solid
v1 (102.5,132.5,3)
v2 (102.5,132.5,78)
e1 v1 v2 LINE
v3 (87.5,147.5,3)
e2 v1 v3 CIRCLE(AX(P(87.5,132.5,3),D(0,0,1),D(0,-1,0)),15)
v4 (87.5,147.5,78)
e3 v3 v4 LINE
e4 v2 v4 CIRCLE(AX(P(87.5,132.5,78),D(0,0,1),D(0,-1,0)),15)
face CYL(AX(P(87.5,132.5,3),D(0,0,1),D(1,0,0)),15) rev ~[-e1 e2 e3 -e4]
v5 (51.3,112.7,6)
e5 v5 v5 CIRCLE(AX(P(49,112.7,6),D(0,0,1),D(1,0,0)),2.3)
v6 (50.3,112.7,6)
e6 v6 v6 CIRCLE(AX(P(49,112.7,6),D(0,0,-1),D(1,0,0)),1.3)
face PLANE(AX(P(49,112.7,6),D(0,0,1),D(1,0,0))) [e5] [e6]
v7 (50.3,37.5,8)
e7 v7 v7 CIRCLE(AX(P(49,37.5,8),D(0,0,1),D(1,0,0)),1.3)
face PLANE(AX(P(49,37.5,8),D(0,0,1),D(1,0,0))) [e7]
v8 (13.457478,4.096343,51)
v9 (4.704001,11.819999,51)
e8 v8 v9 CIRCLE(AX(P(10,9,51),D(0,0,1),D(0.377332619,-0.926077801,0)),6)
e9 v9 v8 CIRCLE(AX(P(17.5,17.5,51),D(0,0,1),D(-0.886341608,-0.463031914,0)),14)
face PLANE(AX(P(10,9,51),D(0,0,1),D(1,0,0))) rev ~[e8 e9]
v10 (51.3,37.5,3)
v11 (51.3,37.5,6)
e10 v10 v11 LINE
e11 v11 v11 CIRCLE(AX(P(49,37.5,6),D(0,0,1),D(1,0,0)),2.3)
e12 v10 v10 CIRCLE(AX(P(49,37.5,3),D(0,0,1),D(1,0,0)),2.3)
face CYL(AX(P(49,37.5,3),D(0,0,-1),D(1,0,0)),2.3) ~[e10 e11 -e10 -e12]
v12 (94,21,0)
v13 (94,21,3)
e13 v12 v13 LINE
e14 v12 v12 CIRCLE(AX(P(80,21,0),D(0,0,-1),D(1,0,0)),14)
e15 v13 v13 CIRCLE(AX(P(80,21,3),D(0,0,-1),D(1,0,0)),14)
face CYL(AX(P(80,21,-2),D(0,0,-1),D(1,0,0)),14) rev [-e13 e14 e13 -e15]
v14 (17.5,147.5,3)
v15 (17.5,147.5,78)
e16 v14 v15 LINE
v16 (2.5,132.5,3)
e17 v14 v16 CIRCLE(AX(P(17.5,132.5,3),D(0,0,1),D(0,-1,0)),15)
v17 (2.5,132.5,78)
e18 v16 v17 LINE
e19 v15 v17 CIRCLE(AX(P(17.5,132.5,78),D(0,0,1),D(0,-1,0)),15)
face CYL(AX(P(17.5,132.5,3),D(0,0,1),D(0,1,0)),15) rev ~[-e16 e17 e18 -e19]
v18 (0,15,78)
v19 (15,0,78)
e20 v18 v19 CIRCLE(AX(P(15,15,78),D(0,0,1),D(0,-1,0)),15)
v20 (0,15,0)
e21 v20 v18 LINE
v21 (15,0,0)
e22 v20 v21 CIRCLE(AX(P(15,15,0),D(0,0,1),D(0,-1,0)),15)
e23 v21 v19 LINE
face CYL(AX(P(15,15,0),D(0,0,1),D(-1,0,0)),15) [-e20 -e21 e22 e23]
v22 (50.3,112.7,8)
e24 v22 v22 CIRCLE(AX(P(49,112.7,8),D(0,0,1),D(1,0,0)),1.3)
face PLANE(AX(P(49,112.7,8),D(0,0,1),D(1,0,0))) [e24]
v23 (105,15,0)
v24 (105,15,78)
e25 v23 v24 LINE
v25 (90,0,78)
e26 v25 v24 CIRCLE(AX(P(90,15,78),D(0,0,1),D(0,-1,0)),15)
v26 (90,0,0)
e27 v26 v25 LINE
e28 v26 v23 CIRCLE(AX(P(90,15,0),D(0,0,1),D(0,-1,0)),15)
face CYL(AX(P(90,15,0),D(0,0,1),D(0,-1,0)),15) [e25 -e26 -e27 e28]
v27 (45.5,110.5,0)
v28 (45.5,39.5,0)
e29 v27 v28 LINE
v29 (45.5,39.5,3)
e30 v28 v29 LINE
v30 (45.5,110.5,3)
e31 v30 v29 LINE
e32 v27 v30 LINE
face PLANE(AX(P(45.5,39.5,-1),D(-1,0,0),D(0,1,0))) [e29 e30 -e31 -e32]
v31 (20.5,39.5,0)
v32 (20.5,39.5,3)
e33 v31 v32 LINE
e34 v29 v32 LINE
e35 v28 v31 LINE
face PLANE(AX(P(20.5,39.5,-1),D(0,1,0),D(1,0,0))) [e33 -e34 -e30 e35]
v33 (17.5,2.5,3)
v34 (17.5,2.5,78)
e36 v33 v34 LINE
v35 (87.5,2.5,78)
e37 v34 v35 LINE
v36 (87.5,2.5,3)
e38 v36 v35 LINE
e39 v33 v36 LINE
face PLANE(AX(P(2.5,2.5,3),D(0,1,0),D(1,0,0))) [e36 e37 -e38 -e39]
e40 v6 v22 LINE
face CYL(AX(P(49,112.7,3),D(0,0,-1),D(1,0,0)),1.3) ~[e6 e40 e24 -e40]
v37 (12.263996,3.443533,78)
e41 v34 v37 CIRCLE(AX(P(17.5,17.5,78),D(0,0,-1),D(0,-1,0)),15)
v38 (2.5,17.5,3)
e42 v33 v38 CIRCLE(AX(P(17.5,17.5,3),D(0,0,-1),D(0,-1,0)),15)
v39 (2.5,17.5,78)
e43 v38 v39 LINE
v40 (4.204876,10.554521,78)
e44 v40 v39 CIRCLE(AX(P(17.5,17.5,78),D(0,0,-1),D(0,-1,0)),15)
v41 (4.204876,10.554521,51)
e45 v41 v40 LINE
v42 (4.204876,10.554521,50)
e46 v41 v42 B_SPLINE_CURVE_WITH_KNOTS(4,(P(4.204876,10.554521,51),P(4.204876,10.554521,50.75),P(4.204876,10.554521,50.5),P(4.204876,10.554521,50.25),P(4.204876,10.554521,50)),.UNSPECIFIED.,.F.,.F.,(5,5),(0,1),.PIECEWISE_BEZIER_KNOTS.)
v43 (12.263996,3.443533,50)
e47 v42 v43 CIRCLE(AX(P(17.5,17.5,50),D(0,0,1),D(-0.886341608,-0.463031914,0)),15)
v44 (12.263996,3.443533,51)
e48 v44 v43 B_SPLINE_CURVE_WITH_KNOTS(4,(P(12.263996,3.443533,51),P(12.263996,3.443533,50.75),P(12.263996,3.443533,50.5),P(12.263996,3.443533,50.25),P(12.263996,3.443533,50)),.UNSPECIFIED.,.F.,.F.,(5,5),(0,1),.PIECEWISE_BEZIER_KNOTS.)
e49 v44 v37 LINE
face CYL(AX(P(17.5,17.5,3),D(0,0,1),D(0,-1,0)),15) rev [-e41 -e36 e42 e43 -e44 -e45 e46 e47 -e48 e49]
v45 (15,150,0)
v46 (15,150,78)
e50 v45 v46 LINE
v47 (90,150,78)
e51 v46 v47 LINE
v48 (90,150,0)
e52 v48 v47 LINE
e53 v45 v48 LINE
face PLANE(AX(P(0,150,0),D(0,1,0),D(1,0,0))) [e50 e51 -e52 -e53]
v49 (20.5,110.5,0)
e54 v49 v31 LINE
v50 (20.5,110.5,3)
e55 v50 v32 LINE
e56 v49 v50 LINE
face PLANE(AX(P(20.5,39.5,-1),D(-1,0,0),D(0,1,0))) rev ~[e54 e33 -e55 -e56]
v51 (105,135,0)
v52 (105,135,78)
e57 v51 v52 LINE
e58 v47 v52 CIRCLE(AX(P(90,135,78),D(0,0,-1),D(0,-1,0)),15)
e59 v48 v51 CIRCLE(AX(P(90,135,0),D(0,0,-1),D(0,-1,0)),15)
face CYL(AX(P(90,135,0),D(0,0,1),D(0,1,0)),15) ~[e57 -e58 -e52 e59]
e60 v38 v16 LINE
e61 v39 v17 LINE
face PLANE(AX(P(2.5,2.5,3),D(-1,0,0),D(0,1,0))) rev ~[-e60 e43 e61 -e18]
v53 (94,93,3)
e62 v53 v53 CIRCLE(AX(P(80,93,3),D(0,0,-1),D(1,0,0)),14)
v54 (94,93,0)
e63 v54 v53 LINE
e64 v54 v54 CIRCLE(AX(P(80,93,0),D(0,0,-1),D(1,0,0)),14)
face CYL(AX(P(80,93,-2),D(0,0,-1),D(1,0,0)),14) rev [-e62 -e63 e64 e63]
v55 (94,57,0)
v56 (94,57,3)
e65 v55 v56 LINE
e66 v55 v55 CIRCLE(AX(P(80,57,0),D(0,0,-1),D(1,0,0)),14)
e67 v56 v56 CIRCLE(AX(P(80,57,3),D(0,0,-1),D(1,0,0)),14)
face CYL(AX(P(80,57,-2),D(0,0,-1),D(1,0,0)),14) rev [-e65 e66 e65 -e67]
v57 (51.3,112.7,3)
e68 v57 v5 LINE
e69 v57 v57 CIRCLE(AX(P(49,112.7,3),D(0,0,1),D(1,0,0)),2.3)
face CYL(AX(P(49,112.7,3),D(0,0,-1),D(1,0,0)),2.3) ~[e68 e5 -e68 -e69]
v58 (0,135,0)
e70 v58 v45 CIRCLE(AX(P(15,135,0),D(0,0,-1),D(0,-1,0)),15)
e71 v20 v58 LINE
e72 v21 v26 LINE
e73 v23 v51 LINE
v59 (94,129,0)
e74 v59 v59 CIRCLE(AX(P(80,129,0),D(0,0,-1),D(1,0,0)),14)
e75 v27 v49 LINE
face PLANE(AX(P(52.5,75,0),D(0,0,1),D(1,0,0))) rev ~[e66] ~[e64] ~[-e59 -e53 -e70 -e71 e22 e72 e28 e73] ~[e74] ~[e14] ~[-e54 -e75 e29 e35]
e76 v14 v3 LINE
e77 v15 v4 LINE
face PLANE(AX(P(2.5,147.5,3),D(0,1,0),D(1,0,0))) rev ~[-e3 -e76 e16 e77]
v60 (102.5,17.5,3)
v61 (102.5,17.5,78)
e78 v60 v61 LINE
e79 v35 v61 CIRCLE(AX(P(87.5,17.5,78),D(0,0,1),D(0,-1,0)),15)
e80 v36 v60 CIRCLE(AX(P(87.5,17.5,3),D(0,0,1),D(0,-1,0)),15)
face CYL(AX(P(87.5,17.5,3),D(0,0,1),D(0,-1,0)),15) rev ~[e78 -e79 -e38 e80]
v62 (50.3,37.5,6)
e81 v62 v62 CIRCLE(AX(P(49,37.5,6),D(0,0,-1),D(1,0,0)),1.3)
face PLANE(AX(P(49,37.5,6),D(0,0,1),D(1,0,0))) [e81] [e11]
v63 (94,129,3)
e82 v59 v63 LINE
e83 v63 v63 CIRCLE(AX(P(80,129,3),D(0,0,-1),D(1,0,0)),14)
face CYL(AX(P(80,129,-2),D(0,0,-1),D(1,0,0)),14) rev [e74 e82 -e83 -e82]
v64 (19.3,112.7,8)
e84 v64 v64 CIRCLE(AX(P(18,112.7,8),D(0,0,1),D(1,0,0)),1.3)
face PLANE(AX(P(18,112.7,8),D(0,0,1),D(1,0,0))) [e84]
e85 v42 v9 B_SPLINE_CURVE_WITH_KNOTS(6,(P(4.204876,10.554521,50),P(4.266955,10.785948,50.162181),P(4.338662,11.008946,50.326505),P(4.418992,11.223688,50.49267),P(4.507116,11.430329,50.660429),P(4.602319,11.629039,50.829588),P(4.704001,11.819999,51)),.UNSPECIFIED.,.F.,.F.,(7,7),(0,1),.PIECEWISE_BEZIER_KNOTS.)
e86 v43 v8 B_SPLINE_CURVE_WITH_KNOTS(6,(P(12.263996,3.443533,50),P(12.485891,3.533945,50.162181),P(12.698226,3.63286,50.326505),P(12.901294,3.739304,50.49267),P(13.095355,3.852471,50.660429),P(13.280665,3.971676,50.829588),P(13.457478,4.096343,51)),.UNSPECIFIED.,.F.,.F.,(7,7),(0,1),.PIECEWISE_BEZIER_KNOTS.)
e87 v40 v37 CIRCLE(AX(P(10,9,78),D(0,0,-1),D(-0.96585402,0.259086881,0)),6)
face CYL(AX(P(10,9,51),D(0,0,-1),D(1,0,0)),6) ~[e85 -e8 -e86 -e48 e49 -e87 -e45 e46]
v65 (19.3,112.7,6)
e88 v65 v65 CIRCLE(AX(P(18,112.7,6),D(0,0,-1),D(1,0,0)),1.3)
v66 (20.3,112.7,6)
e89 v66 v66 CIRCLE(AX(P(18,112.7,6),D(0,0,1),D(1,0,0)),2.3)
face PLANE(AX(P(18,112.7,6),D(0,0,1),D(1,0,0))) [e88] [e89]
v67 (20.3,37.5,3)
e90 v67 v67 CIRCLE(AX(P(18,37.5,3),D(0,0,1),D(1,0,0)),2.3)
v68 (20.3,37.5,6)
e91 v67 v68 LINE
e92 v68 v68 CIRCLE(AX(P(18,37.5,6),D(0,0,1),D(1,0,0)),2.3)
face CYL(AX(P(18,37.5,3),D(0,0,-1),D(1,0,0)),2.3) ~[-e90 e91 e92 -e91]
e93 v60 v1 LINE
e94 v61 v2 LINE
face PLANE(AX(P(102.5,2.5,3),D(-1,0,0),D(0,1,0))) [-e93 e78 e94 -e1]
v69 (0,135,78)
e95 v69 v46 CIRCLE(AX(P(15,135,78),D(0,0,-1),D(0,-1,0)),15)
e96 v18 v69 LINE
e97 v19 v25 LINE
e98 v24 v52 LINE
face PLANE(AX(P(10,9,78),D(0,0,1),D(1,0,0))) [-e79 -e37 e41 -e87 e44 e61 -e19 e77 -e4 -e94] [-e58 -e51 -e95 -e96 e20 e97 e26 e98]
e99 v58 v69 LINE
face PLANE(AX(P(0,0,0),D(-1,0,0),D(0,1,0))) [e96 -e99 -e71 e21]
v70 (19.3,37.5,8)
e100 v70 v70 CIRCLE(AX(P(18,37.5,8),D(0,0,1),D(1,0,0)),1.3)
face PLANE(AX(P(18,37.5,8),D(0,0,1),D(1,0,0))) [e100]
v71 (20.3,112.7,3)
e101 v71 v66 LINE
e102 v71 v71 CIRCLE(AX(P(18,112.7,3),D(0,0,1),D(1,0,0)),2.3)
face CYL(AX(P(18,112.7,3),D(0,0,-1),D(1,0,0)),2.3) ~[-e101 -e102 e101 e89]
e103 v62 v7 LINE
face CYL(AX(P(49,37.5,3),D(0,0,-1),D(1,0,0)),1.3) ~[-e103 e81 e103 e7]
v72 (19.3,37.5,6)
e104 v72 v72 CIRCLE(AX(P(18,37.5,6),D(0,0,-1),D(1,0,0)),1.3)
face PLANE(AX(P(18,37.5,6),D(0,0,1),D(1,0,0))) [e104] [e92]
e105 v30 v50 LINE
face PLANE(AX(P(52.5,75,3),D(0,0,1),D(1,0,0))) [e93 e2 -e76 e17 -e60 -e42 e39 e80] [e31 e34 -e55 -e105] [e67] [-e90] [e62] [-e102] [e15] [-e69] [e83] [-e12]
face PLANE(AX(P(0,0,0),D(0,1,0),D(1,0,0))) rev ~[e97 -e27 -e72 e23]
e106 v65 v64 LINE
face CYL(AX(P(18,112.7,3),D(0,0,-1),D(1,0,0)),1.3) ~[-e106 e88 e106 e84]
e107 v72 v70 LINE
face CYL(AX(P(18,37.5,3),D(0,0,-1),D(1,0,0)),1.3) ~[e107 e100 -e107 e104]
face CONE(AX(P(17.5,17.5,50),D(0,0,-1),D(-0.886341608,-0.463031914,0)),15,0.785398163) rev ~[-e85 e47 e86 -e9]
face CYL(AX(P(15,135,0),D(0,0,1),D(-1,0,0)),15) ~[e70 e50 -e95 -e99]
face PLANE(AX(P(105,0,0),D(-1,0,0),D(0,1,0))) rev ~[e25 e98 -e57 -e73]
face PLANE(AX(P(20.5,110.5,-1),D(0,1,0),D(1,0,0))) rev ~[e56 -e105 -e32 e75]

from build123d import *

# Parameters (mm, degrees)
CYLINDER003_R     = 6
CYLINDER003_DEPTH = 27
CYLINDER002_R     = 2.3
CYLINDER002_DEPTH = 3
ARRAY002_X_COUNT  = 2
ARRAY002_X_PITCH  = 31
ARRAY002_Y_COUNT  = 2
ARRAY002_Y_PITCH  = 75.2
CYLINDER001_R     = 1.3
CYLINDER001_DEPTH = 5
ARRAY001_X_COUNT  = 2
ARRAY001_X_PITCH  = 31
ARRAY001_Y_COUNT  = 2
ARRAY001_Y_PITCH  = 75.2
BOX002_W          = 25
BOX002_H          = 71
BOX002_DEPTH      = 10
CYLINDER_R        = 14
CYLINDER_DEPTH    = 10
ARRAY_Y_COUNT     = 4
ARRAY_Y_PITCH     = 36
BOX001_W          = 100
BOX001_H          = 145
BOX001_DEPTH      = 75
BOX_W             = 105
BOX_H             = 150
BOX_DEPTH         = 78
FILLET_R          = 15
FILLET001_R       = 15
CHAMFER001_SIZE   = 1


with BuildPart() as cilindro003:
    # Cylinder003 → Cylinder003 (new body)
    with BuildSketch(Plane(origin=(10, 9, 51), x_dir=(1, 0, 0), z_dir=(0, 0, 1))):
        Circle(CYLINDER003_R)
    extrude(amount=CYLINDER003_DEPTH)


with BuildPart() as array002:
    # Cylinder002 → Cylinder002 (new body)
    with BuildSketch(Plane(origin=(18, 37.5, 3), x_dir=(1, 0, 0), z_dir=(0, 0, 1))):
        Circle(CYLINDER002_R)
    extrude(amount=CYLINDER002_DEPTH)

    # Array002 X: Array002 ×2


with BuildPart() as array002_1:
    add(array002.part)
    with Locations(*[(i * ARRAY002_X_PITCH, 0, 0) for i in range(1, ARRAY002_X_COUNT)]):
        add(array002.part)

    # Array002 Y: Array002 ×2


with BuildPart() as array002_2:
    add(array002_1.part)
    with Locations(*[(0, i * ARRAY002_Y_PITCH, 0) for i in range(1, ARRAY002_Y_COUNT)]):
        add(array002_1.part)


with BuildPart() as fusion:
    # Cylinder001 → Cylinder001 (new body)
    with BuildSketch(Plane(origin=(18, 37.5, 3), x_dir=(1, 0, 0), z_dir=(0, 0, 1))):
        Circle(CYLINDER001_R)
    extrude(amount=CYLINDER001_DEPTH)

    # Array001 X: Fusion ×2


with BuildPart() as fusion_1:
    add(fusion.part)
    with Locations(*[(i * ARRAY001_X_PITCH, 0, 0) for i in range(1, ARRAY001_X_COUNT)]):
        add(fusion.part)

    # Array001 Y: Fusion ×2


with BuildPart() as fusion_2:
    add(fusion_1.part)
    with Locations(*[(0, i * ARRAY001_Y_PITCH, 0) for i in range(1, ARRAY001_Y_COUNT)]):
        add(fusion_1.part)

    # Fusion: union Array002
    add(array002_2.part)


with BuildPart() as cubo002:
    # Box002 → Box002 (new body)
    with BuildSketch(Plane(origin=(20.5, 39.5, -1), x_dir=(1, 0, 0), z_dir=(0, 0, 1))):
        with Locations((12.5, 35.5)):
            Rectangle(BOX002_W, BOX002_H)
    extrude(amount=BOX002_DEPTH)


with BuildPart() as botones:
    # Cylinder → Cylinder (new body)
    with BuildSketch(Plane(origin=(80, 25, 0), x_dir=(1, 0, 0), z_dir=(0, 0, 1))):
        Circle(CYLINDER_R)
    extrude(amount=CYLINDER_DEPTH)

    # Array Y: Botones ×4


with BuildPart() as botones_1:
    add(botones.part)
    with Locations(*[(0, i * ARRAY_Y_PITCH, 0) for i in range(1, ARRAY_Y_COUNT)]):
        add(botones.part)


with BuildPart() as botones_2:
    # Array placement: moved
    add(botones_1.part.moved(Location((0, -4, -2))))


with BuildPart() as cubo001:
    # Box001 → Box001 (new body)
    with BuildSketch(Plane(origin=(2.5, 2.5, 3), x_dir=(1, 0, 0), z_dir=(0, 0, 1))):
        with Locations((50, 72.5)):
            Rectangle(BOX001_W, BOX001_H)
    extrude(amount=BOX001_DEPTH)


with BuildPart() as chamfer001:
    # Box → Box (new body)
    with BuildSketch(Plane.XY):
        with Locations((52.5, 75)):
            Rectangle(BOX_W, BOX_H)
    extrude(amount=BOX_DEPTH)

    # Cut: cut Cubo001
    add(cubo001.part, mode=Mode.SUBTRACT)

    # Cut001: cut Botones
    add(botones_2.part, mode=Mode.SUBTRACT)

    # Cut002: cut Cubo002
    add(cubo002.part, mode=Mode.SUBTRACT)

    # Fillet
    fillet_edges = [chamfer001.edges().sort_by_distance(p)[0] for p in [
        (2.5, 2.5, 40.5),
        (2.5, 147.5, 40.5),
        (102.5, 2.5, 40.5),
        (102.5, 147.5, 40.5),
    ]]
    fillet(fillet_edges, radius=FILLET_R)

    # Fillet001
    fillet001_edges = [chamfer001.edges().sort_by_distance(p)[0] for p in [
        (0, 0, 39),
        (0, 150, 39),
        (105, 150, 39),
        (105, 0, 39),
    ]]
    fillet(fillet001_edges, radius=FILLET001_R)

    # Fusion001: union Fusion
    add(fusion_2.part)

    # Fusion002: union Cilindro003
    add(cilindro003.part)

    # Chamfer001
    chamfer001_edges = [chamfer001.edges().sort_by_distance(p)[0] for p in [
        (7.575675, 6.252432, 51),
    ]]
    chamfer(chamfer001_edges, length=CHAMFER001_SIZE)


solid = chamfer001.part
